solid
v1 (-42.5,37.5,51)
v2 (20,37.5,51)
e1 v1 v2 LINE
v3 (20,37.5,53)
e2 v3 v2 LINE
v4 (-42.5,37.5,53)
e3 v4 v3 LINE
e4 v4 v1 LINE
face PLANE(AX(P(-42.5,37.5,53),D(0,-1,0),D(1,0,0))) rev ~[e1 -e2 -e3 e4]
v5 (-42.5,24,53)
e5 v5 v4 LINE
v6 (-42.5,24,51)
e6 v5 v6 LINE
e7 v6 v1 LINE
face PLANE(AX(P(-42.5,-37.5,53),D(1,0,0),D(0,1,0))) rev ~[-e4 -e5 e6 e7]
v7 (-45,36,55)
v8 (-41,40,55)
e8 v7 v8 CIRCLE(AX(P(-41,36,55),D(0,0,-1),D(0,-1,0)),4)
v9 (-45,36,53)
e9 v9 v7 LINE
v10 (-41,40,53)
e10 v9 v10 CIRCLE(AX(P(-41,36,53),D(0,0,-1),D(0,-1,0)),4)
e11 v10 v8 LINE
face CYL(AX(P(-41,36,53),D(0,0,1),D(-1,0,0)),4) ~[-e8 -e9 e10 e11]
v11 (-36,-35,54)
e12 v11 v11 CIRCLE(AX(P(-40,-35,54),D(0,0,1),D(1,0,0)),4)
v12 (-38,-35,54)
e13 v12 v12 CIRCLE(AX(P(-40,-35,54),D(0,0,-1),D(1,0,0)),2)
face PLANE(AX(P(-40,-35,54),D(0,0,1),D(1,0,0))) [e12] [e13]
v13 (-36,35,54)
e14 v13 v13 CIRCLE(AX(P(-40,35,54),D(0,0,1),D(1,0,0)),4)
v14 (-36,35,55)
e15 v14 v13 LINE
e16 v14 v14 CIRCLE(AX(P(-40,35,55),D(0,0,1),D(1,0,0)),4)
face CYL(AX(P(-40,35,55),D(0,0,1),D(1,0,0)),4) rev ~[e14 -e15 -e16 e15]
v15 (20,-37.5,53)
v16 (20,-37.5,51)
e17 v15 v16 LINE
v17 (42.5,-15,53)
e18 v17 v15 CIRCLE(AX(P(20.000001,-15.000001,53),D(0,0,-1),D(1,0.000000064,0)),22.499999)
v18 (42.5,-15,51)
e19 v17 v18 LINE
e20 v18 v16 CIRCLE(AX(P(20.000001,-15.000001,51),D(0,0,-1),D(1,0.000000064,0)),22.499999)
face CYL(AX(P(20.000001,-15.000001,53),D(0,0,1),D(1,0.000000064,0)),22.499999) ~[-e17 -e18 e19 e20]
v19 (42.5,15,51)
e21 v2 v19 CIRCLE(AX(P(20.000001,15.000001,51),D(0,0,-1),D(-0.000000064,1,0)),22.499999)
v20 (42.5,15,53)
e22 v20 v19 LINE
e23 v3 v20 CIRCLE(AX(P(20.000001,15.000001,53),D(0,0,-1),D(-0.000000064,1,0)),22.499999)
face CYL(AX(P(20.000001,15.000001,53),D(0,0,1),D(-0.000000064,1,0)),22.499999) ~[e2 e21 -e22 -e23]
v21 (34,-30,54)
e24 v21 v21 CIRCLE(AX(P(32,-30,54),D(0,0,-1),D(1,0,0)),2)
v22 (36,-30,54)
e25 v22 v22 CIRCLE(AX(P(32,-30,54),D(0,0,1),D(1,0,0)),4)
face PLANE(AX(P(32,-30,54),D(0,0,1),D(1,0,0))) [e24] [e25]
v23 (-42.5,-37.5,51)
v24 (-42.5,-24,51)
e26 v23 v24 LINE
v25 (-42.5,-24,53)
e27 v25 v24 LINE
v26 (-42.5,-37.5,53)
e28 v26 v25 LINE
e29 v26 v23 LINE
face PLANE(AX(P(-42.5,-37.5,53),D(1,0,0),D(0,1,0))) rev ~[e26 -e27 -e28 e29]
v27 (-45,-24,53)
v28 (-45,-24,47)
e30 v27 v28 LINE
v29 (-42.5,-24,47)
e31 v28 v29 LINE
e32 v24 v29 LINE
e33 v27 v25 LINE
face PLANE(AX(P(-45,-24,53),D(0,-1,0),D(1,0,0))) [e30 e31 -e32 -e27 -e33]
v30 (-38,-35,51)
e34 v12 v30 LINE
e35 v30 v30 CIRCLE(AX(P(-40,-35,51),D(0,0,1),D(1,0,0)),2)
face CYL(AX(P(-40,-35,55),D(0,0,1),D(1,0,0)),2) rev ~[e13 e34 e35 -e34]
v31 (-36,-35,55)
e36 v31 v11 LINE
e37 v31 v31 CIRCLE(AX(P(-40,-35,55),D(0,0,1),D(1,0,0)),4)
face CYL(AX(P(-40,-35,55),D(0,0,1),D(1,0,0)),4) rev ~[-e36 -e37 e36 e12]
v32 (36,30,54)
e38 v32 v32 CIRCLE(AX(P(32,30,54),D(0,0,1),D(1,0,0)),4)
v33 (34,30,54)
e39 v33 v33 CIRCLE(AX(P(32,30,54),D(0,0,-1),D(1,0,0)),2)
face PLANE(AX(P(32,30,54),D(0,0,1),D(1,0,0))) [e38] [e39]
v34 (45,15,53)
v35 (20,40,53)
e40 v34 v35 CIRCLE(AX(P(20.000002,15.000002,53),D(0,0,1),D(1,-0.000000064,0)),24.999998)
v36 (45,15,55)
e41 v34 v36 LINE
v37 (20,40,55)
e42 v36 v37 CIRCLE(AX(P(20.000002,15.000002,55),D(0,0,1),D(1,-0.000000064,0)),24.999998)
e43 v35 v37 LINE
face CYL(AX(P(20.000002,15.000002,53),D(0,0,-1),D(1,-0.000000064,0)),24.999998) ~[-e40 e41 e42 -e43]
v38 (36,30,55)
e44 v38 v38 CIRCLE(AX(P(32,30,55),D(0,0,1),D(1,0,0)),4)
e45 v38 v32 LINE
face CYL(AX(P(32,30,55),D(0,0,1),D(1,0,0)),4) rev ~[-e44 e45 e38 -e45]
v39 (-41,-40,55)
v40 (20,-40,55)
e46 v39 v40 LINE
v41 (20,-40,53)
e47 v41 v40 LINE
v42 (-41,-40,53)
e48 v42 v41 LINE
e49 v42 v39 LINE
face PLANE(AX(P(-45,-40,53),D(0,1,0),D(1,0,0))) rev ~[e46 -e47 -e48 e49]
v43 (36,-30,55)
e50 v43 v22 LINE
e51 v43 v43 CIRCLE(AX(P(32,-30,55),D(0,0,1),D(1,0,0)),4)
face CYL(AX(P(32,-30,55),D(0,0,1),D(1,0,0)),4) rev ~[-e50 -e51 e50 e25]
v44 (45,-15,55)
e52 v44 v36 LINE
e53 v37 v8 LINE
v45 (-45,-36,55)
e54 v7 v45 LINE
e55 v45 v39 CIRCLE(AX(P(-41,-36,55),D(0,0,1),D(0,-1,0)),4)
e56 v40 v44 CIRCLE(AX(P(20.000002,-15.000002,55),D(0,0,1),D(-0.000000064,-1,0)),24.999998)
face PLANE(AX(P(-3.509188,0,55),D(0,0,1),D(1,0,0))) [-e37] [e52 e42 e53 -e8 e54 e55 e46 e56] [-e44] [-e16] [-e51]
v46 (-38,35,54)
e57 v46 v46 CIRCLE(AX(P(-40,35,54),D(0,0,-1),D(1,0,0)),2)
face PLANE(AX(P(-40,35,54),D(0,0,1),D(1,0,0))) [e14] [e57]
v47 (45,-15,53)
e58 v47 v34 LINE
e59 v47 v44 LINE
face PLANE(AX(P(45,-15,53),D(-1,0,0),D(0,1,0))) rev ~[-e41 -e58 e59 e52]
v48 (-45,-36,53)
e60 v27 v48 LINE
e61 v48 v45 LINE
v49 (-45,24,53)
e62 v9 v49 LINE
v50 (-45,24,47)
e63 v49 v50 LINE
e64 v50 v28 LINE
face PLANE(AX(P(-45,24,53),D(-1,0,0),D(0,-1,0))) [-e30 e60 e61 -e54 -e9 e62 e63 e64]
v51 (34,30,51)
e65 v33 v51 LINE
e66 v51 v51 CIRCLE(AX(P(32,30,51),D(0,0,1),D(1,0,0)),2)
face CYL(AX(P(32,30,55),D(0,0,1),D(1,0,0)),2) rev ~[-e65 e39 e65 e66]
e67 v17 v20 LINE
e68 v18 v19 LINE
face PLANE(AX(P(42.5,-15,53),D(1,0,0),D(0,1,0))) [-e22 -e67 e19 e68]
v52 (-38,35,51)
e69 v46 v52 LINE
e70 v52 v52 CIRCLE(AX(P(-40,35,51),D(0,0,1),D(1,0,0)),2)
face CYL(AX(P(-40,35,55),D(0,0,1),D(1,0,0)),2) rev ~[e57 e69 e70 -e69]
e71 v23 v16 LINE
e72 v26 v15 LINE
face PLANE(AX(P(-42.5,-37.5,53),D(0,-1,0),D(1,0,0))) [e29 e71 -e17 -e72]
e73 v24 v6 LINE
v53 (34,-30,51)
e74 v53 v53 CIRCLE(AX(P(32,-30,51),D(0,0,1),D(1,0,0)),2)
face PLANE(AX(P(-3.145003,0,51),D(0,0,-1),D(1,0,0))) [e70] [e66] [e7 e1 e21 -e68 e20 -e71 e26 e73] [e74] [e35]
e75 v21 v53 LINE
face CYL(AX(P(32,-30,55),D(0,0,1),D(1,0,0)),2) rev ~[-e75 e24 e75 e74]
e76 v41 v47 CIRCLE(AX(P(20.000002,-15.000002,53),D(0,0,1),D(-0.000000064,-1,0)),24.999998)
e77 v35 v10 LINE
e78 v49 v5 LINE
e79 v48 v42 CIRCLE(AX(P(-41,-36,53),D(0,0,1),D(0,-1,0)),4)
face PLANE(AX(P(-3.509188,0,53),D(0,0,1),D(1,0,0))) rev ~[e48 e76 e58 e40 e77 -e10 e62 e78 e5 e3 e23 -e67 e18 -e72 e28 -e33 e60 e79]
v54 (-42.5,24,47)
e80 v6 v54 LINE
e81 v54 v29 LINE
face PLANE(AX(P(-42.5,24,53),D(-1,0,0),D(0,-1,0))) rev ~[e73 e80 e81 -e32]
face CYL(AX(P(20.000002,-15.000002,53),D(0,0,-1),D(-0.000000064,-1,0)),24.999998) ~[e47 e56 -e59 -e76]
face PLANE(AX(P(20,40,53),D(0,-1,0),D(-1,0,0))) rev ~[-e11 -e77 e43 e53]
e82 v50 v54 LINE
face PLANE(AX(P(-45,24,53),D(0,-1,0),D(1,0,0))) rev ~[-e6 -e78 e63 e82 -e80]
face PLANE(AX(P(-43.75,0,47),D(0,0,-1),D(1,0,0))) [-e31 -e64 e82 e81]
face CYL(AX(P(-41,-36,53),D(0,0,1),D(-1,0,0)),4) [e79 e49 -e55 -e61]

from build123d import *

# Parameters (mm, degrees)
SKETCH004_R     = 2
PAD003_DEPTH    = 2
PAD004_DEPTH    = 2
SKETCH006_W     = 2.5
SKETCH006_H     = 48
PAD005_DEPTH    = 6
SKETCH007_R     = 2
POCKET001_DEPTH = 8.001
SKETCH008_R     = 4
POCKET002_DEPTH = 1
FILLET001_R     = 4


with BuildPart() as part:
    # Sketch004 → Pad003 (new body)
    with BuildSketch(Plane.XY.offset(53)):
        with BuildLine():
            Line((20, 40), (-45, 40))
            Line((-45, 40), (-45, -40))
            Line((-45, -40), (20, -40))
            ThreePointArc((20, -40), (37.67767, -32.67767), (45, -15))
            Line((45, -15), (45, 15))
            ThreePointArc((45, 15), (37.67767, 32.67767), (20, 40))
        make_face()
        with Locations((-40, 35)):
            Circle(SKETCH004_R, mode=Mode.SUBTRACT)
        with Locations((32, 30)):
            Circle(SKETCH004_R, mode=Mode.SUBTRACT)
        with Locations((-40, -35)):
            Circle(SKETCH004_R, mode=Mode.SUBTRACT)
        with Locations((32, -30)):
            Circle(SKETCH004_R, mode=Mode.SUBTRACT)
    extrude(amount=PAD003_DEPTH)

    # Sketch005 (on Face7 of Pad003) → Pad004 (join)
    with BuildSketch(Plane(origin=(0, 0, 53), x_dir=(1, 0, 0), z_dir=(0, 0, -1))):
        with BuildLine():
            Line((-42.5, 37.5), (-42.5, -37.5))
            Line((-42.5, -37.5), (20, -37.5))
            ThreePointArc((20, -37.5), (35.909903, -30.909903), (42.5, -15))
            Line((42.5, 15), (42.5, -15))
            ThreePointArc((42.5, 15), (35.909903, 30.909903), (20, 37.5))
            Line((-42.5, 37.5), (20, 37.5))
        make_face()
    extrude(amount=PAD004_DEPTH)

    # Sketch006 (on Face4 of Pad004) → Pad005 (join)
    with BuildSketch(Plane(origin=(0, 0, 53), x_dir=(1, 0, 0), z_dir=(0, 0, -1))):
        with Locations((-43.75, 0)):
            Rectangle(SKETCH006_W, SKETCH006_H)
    extrude(amount=PAD005_DEPTH)

    # Sketch007 (on Face5 of Pad005) → Pocket001 (cut, through all)
    with BuildSketch(Plane.XY.offset(55)):
        with Locations((-40, 35)):
            Circle(SKETCH007_R)
        with Locations((-40, -35)):
            Circle(SKETCH007_R)
        with Locations((32, -30)):
            Circle(SKETCH007_R)
        with Locations((32, 30)):
            Circle(SKETCH007_R)
    extrude(amount=-POCKET001_DEPTH, mode=Mode.SUBTRACT)

    # Sketch008 (on Face5 of Pocket001) → Pocket002 (cut)
    with BuildSketch(Plane.XY.offset(55)):
        with Locations((32, 30)):
            Circle(SKETCH008_R)
        with Locations((-40, 35)):
            Circle(SKETCH008_R)
        with Locations((32, -30)):
            Circle(SKETCH008_R)
        with Locations((-40, -35)):
            Circle(SKETCH008_R)
    extrude(amount=-POCKET002_DEPTH, mode=Mode.SUBTRACT)

    # Fillet001
    fillet001_edges = [part.edges().sort_by_distance(p)[0] for p in [
        (-45, 40, 54),
        (-45, -40, 54),
    ]]
    fillet(fillet001_edges, radius=FILLET001_R)


solid = part.part
